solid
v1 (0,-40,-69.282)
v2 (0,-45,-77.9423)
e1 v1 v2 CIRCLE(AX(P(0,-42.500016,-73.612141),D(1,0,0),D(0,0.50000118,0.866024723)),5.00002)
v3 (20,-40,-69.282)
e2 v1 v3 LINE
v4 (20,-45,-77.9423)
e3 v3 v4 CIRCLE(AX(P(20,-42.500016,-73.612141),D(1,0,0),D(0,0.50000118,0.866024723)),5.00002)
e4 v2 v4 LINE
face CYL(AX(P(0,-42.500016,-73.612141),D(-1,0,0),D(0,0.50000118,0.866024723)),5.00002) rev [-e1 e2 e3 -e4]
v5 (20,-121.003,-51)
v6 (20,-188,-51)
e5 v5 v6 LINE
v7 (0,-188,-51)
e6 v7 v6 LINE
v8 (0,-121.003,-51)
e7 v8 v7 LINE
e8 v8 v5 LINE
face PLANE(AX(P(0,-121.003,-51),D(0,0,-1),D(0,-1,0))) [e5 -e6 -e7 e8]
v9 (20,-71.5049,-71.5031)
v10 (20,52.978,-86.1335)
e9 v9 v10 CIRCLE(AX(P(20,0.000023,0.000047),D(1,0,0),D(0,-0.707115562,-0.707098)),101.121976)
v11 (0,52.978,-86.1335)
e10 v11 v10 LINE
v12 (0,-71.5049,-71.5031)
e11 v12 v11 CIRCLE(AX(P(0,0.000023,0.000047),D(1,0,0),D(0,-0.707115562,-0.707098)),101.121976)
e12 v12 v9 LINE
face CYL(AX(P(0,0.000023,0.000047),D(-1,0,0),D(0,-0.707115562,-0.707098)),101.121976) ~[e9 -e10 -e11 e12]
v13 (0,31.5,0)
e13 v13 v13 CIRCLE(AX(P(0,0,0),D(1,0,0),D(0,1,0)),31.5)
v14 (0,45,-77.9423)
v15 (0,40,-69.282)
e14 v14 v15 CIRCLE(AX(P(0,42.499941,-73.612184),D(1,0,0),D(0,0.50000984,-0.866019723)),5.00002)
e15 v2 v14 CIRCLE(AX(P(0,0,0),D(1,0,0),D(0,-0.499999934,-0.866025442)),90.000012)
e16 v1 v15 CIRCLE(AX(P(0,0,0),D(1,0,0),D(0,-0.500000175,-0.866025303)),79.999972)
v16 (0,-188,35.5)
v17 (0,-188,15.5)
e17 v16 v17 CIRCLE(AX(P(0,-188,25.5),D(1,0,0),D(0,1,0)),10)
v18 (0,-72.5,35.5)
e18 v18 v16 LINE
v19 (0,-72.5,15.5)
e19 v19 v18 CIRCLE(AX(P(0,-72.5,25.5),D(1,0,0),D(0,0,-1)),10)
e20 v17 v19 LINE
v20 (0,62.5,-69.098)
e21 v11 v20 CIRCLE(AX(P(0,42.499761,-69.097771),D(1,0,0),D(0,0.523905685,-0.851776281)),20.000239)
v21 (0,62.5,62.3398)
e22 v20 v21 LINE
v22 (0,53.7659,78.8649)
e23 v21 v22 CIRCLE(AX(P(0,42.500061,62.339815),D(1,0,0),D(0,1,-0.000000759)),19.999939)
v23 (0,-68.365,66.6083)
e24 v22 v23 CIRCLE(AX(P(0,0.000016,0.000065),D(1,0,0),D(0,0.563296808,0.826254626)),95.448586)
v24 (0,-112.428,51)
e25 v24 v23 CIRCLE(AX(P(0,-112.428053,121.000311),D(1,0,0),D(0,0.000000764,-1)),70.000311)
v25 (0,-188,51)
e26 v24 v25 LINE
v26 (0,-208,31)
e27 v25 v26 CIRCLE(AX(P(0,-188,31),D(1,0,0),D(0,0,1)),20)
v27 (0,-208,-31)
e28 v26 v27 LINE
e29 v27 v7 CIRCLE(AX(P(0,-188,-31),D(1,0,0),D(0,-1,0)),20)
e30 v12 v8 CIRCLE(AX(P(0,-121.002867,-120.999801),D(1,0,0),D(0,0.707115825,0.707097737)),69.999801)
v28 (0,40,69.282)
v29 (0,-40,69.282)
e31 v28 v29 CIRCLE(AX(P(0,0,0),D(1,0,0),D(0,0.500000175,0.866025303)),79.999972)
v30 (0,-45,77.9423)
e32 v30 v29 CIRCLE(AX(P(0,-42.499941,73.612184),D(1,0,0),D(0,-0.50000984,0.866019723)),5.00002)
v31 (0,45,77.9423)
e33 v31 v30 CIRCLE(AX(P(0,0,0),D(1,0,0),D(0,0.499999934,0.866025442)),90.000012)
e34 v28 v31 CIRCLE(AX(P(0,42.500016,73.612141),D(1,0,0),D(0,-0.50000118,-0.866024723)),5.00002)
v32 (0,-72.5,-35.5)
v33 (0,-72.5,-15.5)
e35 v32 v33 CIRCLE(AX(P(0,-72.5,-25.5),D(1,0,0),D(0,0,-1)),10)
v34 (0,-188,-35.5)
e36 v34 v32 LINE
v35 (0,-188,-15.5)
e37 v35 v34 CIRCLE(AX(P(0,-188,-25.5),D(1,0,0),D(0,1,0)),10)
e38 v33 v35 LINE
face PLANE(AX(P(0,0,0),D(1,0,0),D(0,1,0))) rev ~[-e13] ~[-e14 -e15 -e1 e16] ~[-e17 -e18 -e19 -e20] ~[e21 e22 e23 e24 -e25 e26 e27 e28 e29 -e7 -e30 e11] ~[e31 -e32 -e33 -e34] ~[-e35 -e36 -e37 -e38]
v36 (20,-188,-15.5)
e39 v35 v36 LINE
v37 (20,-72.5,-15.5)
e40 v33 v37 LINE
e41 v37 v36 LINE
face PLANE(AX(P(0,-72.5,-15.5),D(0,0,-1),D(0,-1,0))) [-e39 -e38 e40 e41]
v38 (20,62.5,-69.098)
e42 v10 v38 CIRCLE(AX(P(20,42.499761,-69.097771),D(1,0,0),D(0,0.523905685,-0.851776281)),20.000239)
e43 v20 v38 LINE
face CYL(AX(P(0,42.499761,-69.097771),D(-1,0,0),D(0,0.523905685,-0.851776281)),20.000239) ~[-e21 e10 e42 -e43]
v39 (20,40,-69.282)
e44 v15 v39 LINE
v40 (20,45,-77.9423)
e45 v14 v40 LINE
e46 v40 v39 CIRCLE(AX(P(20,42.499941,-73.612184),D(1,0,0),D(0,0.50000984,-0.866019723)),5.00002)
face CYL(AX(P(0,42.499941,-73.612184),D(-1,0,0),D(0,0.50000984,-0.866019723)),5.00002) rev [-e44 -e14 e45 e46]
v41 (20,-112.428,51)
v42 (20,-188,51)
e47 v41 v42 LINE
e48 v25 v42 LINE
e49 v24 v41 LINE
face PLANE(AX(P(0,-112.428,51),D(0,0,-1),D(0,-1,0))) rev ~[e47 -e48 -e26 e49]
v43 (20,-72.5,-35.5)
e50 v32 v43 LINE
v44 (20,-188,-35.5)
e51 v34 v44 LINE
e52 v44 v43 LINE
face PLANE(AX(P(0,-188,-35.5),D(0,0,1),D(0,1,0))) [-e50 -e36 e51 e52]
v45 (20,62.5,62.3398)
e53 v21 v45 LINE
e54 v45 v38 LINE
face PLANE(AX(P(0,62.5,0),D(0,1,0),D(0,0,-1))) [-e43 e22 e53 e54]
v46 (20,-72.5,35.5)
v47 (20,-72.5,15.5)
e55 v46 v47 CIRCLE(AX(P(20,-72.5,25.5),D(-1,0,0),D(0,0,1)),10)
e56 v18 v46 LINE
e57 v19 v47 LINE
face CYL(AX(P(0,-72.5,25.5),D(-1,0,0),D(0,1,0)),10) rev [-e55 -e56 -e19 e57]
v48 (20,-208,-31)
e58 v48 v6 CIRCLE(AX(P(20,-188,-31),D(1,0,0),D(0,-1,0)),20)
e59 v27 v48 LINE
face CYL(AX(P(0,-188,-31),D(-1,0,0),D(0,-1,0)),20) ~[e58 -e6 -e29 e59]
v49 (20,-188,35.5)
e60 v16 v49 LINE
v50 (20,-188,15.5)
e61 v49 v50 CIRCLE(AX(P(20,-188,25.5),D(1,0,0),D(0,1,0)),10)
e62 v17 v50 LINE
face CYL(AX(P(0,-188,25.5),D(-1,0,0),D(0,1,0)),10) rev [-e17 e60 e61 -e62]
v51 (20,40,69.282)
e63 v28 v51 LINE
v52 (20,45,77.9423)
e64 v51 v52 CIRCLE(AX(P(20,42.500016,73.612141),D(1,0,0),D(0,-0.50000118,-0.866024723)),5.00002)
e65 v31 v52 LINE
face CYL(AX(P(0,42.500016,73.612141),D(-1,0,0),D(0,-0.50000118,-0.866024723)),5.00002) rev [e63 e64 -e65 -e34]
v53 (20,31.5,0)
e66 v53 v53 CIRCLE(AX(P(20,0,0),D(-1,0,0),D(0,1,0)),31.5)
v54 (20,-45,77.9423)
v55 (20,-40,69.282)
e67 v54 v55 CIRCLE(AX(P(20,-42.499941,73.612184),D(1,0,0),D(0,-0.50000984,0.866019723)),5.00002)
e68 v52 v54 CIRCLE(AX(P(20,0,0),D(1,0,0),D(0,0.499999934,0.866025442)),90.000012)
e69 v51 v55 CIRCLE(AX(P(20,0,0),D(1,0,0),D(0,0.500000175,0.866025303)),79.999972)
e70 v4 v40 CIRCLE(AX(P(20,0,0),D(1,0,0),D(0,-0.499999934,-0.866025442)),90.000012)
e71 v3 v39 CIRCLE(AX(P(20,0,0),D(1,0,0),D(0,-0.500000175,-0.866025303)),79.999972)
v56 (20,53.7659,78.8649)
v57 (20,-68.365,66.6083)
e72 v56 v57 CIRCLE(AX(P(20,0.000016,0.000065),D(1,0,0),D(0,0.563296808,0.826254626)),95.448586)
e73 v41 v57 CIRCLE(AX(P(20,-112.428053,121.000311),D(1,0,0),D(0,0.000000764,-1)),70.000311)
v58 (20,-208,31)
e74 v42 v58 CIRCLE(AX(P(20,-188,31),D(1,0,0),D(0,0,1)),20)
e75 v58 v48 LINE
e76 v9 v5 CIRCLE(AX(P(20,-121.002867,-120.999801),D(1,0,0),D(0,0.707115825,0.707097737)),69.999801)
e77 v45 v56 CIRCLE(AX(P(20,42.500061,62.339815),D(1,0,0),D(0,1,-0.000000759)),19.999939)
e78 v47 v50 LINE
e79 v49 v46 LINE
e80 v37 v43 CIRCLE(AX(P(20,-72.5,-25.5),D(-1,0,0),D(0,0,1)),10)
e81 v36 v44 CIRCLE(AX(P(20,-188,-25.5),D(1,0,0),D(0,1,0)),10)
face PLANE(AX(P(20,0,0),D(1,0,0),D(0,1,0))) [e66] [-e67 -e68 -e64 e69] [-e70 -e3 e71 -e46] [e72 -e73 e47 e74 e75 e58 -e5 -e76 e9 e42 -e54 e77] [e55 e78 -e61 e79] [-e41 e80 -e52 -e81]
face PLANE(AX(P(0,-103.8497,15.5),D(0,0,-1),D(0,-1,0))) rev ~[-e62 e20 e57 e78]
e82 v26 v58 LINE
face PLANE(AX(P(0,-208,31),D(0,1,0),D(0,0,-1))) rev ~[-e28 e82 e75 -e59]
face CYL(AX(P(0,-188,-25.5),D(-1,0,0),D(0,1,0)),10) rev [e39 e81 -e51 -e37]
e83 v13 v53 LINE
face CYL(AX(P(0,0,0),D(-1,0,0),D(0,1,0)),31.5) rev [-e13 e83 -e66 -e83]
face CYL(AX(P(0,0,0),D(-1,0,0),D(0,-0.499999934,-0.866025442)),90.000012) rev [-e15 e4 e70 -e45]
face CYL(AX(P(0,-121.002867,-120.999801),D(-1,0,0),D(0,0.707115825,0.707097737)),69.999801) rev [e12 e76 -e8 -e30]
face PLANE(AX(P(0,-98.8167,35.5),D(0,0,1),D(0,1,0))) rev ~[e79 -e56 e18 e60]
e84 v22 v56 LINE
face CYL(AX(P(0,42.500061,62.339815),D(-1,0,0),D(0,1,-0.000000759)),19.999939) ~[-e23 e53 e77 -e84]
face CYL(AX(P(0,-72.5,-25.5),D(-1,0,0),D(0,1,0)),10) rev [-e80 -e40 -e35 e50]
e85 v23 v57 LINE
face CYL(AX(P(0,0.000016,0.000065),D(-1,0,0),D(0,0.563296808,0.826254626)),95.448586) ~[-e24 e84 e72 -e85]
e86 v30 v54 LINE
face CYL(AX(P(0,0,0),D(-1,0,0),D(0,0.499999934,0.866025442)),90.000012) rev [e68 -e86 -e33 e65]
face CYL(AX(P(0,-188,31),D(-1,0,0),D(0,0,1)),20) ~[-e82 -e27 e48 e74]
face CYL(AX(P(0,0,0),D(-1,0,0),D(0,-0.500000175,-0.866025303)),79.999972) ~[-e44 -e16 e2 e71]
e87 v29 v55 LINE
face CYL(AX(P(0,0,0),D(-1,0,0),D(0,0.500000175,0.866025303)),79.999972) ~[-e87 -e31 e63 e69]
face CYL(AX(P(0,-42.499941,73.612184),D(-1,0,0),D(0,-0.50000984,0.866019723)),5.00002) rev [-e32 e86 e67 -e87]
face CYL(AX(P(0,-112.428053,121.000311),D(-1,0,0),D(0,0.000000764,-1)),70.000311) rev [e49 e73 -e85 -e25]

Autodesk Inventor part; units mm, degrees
ref_plane "YZ Plane" through (0, 0, 0) normal (1, 0, 0) x (0, 1, 0)
ref_plane "XZ Plane" through (0, 0, 0) normal (0, 1, 0) x (-1, 0, 0)
ref_plane "XY Plane" through (0, 0, 0) normal (0, 0, 1) x (1, 0, 0)
sketch "Sketch1" plane through (0, 0, 0) normal (1, 0, 0) x (0, 1, 0)
  point P0 (0, 0)
sketch "Sketch2" plane through (0, 0, 0) normal (1, 0, 0) x (0, 1, 0)
  circle A0 centre (0, 0) radius 31.5
  arc A1 (40, 69.282) -> (-40, 69.282) centre (0, 0) ccw
  line L0 (0, 0) -> (-40, 69.282) construction
  line L1 (0, 0) -> (80, 0) construction
  line L2 (0, 0) -> (40, 69.282) construction
  line L3 (40, 69.282) -> (45, 77.9423)
  line L4 (-40, 69.282) -> (-45, 77.9423)
  arc A2 (40, 69.282) -> (45, 77.9423) centre (42.5, 73.6122) ccw
  arc A3 (-45, 77.9423) -> (-40, 69.282) centre (-42.5, 73.6122) ccw
  arc A4 (-40, -69.282) -> (40, -69.282) centre (0, 0) ccw
  line L5 (0, 0) -> (40, -69.282) construction
  line L6 (0, 0) -> (80, 0) construction
  line L7 (0, 0) -> (-40, -69.282) construction
  line L8 (-40, -69.282) -> (-45, -77.9423)
  arc A5 (45, -77.9423) -> (40, -69.282) centre (42.5, -73.6122) ccw
  arc A6 (-40, -69.282) -> (-45, -77.9423) centre (-42.5, -73.6122) ccw
  arc A7 (45, 77.9423) -> (-45, 77.9423) centre (0, 0) ccw
  arc A8 (-45, -77.9423) -> (45, -77.9423) centre (0, 0) ccw
  arc A9 (40, 69.282) -> (-40, 69.282) centre (0, 0) ccw
  arc A10 (-40, -69.282) -> (40, -69.282) centre (0, 0) ccw
  line L9 (0, 0) -> (-72.5, 0)
  line L10 (-72.5, 0) -> (-72.5, -15.5)
  line L11 (-72.5, -15.5) -> (-72.5, -35.5)
  line L12 (-72.5, -35.5) -> (-72.5, -51)
  line L13 (-121.003, -51) -> (-188, -51)
  line L14 (-188, -51) -> (-188, -35.5)
  line L15 (-188, -35.5) -> (-72.5, -35.5)
  line L16 (-72.5, -15.5) -> (-188, -15.5)
  line L17 (-188, -15.5) -> (-188, -35.5)
  circle A11 centre (-72.5, -25.5) radius 10
  circle A12 centre (-188, -25.5) radius 10
  line L18 (-72.5, 0) -> (-72.5, 15.5)
  line L19 (-72.5, 15.5) -> (-72.5, 35.5)
  line L20 (-72.5, 35.5) -> (-72.5, 51)
  line L21 (-112.428, 51) -> (-188, 51)
  line L22 (-188, 51) -> (-188, 35.5)
  line L23 (-188, 35.5) -> (-72.5, 35.5)
  line L24 (-72.5, 15.5) -> (-188, 15.5)
  line L25 (-188, 15.5) -> (-188, 35.5)
  circle A13 centre (-188, 25.5) radius 10
  circle A14 centre (-72.5, 25.5) radius 10
  line L26 (-188, 51) -> (-188, 51)
  line L27 (-208, 31) -> (-208, -31)
  line L28 (-188, -51) -> (-188, -51)
  arc A15 (-208, -31) -> (-188, -51) centre (-188, -31) ccw
  arc A16 (-188, 51) -> (-208, 31) centre (-188, 31) ccw
  line L29 (-188, 25.5) -> (-72.5, 25.5)
  arc A17 (-98.8167, 35.5) -> (-103.8497, 15.5) centre (0, 0) ccw
  arc A18 (-71.5049, -71.5031) -> (-121.003, -51) centre (-121.003, -121) ccw
  arc A19 (-112.428, 51) -> (-68.365, 66.6083) centre (-112.428, 121) ccw
  line L30 (0, 0) -> (62.5, 0)
  line L31 (62.5, 0) -> (62.5, 62.3398)
  line L32 (62.5, 0) -> (62.5, -69.098)
  arc A20 (-71.5049, -71.5031) -> (52.978, -86.1335) centre (0, 0) ccw
  arc A21 (53.7659, 78.8649) -> (-68.365, 66.6083) centre (0, 0) ccw
  arc A22 (62.5, 62.3398) -> (53.7659, 78.8649) centre (42.5, 62.3398) ccw
  arc A23 (52.978, -86.1335) -> (62.5, -69.098) centre (42.5, -69.098) ccw
  point P0 (-208, 51)
  point P1 (-87.3193, 51)
  point P2 (-87.3193, -51)
  point P3 (62.5, 72.1401)
  point P4 (62.5, -79.4947)
  dimension "d0" = 63
  dimension "d4" = 120
  dimension "d5" = 60
  dimension "d6" = 60
  dimension "d7" = 60
  dimension "d8" = 10
  dimension "d9" = 10
  dimension "d10" = 72.5
  dimension "d11" = 15.5
  dimension "d12" = 20
  dimension "d13" = 15.5
  dimension "d14" = 115.5
  dimension "d15" = 15.5
  dimension "d16" = 20
  dimension "d17" = 15.5
  dimension "d18" = 20
  dimension "d20" = 20
  dimension "d21" = 20
  dimension "d22" = 115.5
  dimension "d23" = 70
  dimension "d24" = 70
  dimension "d25" = 62.5
  dimension "d26" = 20
  dimension "d27" = 20
extrude "Extrusion1" add sketch "Sketch2" along normal blind 20 contours L30 L32 A23 A20 A18 L13 L14 L15 A11 L10 L9 A0 | A0 L9 L18 A14 L23 L22 L21 A19 A21 A22 L31 L30 | L10 L16 A12 L14 A15 L27 A16 L22 A13 L24 L18
